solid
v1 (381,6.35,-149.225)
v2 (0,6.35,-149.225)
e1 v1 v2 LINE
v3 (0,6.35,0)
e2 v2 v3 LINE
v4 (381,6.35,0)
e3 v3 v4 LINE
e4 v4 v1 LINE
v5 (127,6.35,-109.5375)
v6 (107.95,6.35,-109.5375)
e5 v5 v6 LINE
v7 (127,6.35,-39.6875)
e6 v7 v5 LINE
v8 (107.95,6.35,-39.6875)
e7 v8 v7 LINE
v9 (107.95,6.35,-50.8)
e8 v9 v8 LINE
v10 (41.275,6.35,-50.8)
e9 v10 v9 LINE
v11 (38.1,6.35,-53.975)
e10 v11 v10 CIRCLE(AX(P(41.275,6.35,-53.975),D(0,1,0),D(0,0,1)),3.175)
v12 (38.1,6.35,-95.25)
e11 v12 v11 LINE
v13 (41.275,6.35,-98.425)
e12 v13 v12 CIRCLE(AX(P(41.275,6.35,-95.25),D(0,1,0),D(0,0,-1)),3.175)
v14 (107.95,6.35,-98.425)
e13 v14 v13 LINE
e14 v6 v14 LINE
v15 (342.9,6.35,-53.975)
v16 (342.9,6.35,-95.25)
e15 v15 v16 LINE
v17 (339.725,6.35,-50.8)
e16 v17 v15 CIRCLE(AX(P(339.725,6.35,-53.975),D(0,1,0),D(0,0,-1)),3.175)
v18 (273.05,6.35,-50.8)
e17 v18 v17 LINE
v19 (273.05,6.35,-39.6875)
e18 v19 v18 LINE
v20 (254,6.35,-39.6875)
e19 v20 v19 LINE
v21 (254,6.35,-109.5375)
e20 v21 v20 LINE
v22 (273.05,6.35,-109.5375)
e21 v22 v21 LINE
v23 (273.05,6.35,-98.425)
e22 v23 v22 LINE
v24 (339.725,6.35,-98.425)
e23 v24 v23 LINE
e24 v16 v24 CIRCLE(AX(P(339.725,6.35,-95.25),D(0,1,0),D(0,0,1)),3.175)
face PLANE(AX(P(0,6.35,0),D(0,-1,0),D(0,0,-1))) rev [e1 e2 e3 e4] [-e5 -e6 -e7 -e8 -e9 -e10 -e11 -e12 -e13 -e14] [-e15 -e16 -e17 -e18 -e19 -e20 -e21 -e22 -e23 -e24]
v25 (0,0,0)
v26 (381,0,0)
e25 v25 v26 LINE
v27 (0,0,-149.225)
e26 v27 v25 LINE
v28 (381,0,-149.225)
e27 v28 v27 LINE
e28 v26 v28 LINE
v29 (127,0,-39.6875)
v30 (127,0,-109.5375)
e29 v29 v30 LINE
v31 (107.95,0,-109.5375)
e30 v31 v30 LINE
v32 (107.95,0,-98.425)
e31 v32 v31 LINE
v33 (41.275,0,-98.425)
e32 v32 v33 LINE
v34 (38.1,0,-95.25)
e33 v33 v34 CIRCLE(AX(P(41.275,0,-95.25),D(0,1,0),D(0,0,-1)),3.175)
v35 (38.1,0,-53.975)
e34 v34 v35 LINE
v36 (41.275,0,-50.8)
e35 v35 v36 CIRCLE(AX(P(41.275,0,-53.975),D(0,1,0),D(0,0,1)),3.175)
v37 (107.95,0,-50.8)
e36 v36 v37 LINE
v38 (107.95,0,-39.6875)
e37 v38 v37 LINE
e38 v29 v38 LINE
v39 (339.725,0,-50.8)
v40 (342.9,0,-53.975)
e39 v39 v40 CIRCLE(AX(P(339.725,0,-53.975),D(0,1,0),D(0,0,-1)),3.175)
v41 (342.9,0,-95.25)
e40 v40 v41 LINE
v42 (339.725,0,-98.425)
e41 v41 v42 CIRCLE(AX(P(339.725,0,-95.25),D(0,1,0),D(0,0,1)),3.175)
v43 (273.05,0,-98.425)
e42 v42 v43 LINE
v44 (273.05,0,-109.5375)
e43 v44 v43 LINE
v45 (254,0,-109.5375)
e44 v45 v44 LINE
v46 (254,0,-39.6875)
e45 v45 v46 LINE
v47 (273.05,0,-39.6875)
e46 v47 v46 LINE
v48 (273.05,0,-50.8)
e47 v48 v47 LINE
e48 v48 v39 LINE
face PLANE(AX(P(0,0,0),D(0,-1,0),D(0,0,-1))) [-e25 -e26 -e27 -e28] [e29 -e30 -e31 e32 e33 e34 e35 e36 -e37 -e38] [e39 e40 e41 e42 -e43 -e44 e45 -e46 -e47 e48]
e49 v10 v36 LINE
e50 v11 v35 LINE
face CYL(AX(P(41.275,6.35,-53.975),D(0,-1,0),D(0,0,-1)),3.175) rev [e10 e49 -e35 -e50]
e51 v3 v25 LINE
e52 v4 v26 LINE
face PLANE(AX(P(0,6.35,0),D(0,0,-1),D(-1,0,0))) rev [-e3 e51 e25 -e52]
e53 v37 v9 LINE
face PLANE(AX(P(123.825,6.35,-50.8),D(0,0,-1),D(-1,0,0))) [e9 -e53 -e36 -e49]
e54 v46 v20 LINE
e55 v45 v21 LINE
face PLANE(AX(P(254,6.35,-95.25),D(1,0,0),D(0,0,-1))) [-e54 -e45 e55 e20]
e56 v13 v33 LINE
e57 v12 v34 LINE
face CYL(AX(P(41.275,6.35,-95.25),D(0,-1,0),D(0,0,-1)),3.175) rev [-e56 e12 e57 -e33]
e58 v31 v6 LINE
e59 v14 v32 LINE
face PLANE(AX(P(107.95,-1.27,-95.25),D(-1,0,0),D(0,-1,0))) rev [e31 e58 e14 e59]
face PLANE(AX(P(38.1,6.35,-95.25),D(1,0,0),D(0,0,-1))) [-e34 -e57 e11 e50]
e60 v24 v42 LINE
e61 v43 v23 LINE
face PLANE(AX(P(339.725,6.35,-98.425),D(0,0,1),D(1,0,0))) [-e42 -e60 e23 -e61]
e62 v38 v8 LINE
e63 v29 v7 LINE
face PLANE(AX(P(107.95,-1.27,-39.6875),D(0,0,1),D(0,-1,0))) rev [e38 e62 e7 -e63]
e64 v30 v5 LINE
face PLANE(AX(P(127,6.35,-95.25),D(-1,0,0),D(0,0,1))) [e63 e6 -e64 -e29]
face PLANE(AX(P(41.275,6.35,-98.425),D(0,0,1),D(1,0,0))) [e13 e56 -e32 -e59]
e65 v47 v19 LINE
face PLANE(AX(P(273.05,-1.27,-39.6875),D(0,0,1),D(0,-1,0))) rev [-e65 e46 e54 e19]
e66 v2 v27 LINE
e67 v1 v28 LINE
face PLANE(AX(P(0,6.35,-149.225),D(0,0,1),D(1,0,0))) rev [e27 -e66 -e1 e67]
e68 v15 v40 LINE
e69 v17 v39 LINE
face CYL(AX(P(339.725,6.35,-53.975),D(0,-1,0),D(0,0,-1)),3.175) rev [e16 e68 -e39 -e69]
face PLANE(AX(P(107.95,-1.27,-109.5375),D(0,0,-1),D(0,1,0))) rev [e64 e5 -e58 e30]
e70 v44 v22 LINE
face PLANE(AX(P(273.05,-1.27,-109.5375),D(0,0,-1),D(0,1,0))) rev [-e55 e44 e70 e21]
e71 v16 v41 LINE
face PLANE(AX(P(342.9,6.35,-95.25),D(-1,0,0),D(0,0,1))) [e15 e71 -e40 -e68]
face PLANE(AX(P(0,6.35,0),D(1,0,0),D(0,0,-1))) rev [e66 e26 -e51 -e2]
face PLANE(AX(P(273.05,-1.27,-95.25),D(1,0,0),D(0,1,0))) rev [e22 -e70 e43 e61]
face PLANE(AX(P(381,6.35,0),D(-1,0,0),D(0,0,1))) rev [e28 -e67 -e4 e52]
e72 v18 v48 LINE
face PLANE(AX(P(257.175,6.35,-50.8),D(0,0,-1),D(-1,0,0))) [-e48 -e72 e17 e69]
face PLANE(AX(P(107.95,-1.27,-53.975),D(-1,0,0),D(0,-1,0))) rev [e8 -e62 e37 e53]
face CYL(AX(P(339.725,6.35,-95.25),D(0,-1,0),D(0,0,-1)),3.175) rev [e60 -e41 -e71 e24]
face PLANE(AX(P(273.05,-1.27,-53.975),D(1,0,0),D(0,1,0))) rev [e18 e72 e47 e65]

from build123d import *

# Parameters (mm, degrees)
SKETCH1_W           = 381
SKETCH1_H           = 149.225
BOSS_EXTRUDE1_DEPTH = 6.35
SKETCH9_W           = 19.05
SKETCH9_H           = 14.2875
CUT_EXTRUDE1_DEPTH  = 7.62


with BuildPart() as part:
    # Sketch1 → Boss-Extrude1 (new body)
    with BuildSketch(Plane(origin=(0, 0, 0), x_dir=(1, 0, 0), z_dir=(0, 1, 0))):
        with Locations((190.5, 74.6125)):
            Rectangle(SKETCH1_W, SKETCH1_H)
        with BuildLine():
            Line((342.9, 95.25), (342.9, 53.975))
            ThreePointArc((342.9, 53.975), (341.97006403, 51.72993597), (339.725, 50.8))
            Line((339.725, 50.8), (257.175, 50.8))
            ThreePointArc((257.175, 50.8), (254.92993597, 51.72993597), (254, 53.975))
            Line((254, 53.975), (254, 95.25))
            ThreePointArc((254, 95.25), (254.92993597, 97.49506403), (257.175, 98.425))
            Line((257.175, 98.425), (339.725, 98.425))
            ThreePointArc((339.725, 98.425), (341.97006403, 97.49506403), (342.9, 95.25))
        make_face(mode=Mode.SUBTRACT)
        with BuildLine():
            Line((41.275, 98.425), (123.825, 98.425))
            ThreePointArc((123.825, 98.425), (126.07006403, 97.49506403), (127, 95.25))
            Line((127, 95.25), (127, 53.975))
            ThreePointArc((127, 53.975), (126.07006403, 51.72993597), (123.825, 50.8))
            Line((123.825, 50.8), (41.275, 50.8))
            ThreePointArc((41.275, 50.8), (39.02993597, 51.72993597), (38.1, 53.975))
            Line((38.1, 53.975), (38.1, 95.25))
            ThreePointArc((38.1, 95.25), (39.02993597, 97.49506403), (41.275, 98.425))
        make_face(mode=Mode.SUBTRACT)
    extrude(amount=BOSS_EXTRUDE1_DEPTH)

    # Sketch9 → Cut-Extrude1 (cut)
    with BuildSketch(Plane(origin=(0, 6.35, 0), x_dir=(1, 0, 0), z_dir=(0, 1, 0))):
        with Locations((117.475, 102.39375)):
            Rectangle(SKETCH9_W, SKETCH9_H)
        with Locations((117.475, 46.83125)):
            Rectangle(SKETCH9_W, SKETCH9_H)
        with Locations((263.525, 46.83125)):
            Rectangle(SKETCH9_W, SKETCH9_H)
        with Locations((263.525, 102.39375)):
            Rectangle(SKETCH9_W, SKETCH9_H)
    extrude(amount=-CUT_EXTRUDE1_DEPTH, mode=Mode.SUBTRACT)


solid = part.part
